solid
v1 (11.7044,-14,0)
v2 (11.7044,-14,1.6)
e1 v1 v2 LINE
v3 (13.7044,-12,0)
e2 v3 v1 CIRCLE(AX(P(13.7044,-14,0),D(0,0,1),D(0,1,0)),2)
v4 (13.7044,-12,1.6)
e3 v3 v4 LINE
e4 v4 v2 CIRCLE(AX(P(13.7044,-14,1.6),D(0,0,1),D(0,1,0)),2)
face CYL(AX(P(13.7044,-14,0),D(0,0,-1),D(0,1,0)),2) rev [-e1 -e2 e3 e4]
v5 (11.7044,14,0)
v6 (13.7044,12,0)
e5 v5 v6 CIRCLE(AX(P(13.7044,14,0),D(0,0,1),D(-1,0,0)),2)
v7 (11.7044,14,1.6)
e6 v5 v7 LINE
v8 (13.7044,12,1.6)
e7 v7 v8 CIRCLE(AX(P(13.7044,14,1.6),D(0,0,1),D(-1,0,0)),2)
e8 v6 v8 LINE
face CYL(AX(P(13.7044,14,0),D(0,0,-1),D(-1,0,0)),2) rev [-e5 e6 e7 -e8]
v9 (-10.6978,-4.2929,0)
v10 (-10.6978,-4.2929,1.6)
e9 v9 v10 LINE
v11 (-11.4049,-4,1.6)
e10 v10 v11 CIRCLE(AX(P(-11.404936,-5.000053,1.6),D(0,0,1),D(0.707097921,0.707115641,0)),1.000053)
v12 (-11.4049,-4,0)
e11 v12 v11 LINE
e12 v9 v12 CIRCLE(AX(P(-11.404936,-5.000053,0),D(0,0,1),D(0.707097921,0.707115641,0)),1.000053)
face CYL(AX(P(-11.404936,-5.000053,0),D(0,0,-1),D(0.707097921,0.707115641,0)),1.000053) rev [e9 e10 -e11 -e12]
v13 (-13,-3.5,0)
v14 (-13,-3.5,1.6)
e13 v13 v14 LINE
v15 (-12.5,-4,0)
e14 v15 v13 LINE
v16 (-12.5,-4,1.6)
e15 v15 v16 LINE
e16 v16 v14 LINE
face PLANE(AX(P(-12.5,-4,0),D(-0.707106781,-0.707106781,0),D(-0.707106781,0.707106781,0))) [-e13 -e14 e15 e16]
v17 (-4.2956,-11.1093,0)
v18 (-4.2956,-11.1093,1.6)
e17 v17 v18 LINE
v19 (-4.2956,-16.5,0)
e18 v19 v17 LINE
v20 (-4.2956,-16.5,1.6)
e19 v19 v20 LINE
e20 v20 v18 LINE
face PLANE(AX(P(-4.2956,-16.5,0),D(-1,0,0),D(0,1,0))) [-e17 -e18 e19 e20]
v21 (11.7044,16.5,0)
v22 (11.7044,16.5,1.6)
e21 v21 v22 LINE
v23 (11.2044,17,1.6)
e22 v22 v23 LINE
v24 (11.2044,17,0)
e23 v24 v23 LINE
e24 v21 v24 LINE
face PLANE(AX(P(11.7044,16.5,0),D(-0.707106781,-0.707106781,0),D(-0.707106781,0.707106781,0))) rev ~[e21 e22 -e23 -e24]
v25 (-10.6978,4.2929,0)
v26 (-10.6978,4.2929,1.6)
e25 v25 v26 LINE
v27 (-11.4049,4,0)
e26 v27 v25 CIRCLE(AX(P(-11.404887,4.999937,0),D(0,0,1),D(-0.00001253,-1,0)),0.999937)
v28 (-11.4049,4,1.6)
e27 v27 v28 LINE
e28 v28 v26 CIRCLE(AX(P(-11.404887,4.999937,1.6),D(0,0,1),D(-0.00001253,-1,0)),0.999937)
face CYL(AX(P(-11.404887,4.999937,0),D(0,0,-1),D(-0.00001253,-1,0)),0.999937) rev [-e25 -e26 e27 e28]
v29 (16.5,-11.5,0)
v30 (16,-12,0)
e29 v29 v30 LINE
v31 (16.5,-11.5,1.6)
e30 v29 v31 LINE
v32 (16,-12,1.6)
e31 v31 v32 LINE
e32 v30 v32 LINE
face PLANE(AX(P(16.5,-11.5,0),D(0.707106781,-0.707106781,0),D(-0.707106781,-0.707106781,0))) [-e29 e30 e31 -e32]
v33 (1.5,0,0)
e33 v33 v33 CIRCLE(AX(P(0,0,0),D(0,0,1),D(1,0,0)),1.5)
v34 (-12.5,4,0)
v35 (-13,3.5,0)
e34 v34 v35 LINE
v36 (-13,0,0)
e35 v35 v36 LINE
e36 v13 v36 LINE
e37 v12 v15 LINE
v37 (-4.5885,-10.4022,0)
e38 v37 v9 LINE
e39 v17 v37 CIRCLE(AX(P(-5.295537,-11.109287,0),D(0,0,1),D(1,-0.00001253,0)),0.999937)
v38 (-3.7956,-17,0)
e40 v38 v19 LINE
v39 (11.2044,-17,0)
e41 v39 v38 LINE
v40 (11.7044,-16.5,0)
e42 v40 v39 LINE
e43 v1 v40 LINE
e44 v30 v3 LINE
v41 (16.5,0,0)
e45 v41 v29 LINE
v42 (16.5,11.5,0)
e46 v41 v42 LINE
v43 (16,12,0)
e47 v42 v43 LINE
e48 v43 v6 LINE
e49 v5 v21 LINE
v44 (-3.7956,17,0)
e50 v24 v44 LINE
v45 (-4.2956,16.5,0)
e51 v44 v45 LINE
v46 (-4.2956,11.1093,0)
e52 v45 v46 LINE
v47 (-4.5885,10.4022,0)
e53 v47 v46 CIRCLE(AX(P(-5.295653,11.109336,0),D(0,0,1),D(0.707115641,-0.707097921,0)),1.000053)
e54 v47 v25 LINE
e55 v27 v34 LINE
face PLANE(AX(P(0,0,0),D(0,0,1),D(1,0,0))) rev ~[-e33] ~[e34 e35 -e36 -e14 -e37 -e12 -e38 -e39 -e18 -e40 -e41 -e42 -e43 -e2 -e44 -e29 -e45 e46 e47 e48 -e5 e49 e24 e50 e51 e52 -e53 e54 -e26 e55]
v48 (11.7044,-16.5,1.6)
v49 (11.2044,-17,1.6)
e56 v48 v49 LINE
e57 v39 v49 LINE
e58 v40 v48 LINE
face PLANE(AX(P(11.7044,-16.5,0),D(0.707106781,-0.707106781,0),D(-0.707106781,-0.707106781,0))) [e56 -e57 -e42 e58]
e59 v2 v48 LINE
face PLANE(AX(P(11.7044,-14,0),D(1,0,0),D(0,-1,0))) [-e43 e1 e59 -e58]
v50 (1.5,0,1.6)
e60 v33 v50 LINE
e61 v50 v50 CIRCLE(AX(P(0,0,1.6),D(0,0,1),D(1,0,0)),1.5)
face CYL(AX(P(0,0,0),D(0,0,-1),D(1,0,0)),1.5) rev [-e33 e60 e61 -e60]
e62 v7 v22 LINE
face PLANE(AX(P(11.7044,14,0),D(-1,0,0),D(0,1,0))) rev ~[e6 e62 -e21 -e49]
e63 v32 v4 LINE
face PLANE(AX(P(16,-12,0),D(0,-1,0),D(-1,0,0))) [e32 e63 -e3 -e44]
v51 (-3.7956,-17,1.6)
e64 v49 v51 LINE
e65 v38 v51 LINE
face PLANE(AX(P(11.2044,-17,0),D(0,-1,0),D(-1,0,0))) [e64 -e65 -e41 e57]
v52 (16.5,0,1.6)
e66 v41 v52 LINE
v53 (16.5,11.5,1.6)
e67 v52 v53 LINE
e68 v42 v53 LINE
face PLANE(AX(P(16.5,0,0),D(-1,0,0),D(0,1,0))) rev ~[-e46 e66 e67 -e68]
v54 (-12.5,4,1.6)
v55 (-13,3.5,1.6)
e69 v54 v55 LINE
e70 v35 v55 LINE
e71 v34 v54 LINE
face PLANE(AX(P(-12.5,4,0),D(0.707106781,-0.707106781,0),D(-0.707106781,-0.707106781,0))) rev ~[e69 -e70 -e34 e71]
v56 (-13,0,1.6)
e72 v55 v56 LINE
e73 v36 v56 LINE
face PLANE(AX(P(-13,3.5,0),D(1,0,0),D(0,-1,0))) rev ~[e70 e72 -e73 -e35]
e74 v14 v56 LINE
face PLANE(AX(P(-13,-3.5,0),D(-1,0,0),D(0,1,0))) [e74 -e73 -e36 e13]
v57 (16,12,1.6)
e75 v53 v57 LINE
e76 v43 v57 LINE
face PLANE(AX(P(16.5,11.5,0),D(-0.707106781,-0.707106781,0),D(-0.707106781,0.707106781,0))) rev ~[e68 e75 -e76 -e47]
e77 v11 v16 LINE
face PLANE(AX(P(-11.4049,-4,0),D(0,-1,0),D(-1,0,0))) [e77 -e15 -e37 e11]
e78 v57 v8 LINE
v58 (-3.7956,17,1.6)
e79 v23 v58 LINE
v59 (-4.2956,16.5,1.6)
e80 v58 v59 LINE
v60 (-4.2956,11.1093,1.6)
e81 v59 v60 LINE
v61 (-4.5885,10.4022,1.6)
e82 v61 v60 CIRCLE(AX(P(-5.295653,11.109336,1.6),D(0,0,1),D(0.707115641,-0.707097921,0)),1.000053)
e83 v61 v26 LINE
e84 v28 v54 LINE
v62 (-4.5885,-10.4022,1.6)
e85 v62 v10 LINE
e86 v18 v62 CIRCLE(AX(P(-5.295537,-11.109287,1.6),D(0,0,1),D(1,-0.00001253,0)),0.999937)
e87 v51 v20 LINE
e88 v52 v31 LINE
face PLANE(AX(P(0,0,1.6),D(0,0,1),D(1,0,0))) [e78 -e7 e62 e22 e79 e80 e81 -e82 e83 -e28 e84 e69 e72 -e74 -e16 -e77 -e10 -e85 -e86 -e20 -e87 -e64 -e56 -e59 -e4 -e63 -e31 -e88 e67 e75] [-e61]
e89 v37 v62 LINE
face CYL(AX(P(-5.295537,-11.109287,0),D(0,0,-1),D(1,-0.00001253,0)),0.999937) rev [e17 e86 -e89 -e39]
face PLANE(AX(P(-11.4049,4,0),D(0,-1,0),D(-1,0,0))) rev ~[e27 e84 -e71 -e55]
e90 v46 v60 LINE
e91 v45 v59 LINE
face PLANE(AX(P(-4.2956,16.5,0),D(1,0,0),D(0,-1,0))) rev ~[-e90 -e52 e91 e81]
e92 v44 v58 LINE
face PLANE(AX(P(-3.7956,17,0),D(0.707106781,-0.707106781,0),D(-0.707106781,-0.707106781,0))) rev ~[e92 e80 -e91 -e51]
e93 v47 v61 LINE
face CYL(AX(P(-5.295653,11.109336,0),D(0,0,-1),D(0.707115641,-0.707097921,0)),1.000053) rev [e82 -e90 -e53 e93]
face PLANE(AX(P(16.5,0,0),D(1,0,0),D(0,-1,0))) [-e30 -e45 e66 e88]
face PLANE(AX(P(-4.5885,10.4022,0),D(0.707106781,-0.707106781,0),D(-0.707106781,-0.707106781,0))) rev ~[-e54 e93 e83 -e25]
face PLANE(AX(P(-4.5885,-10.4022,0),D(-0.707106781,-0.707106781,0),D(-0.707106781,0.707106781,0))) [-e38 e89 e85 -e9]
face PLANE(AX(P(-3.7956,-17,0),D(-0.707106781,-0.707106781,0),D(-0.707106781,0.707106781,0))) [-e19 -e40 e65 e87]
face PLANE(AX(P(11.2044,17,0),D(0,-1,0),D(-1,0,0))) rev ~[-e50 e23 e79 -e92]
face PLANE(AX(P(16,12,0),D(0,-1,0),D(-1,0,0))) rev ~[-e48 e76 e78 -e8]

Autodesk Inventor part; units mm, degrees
ref_plane "YZ Plane" through (0, 0, 0) normal (1, 0, 0) x (0, 1, 0)
ref_plane "XZ Plane" through (0, 0, 0) normal (0, 1, 0) x (-1, 0, 0)
ref_plane "XY Plane" through (0, 0, 0) normal (0, 0, 1) x (1, 0, 0)
sketch "スケッチ1" plane through (0, 0, 0) normal (0, 0, 1) x (1, 0, 0)
  line L0 (16.5, 0) -> (16.5, 11.5)
  line L1 (11.2044, 17) -> (-3.7956, 17)
  line L2 (-3.7956, 17) -> (-4.2956, 16.5)
  line L3 (-4.2956, 16.5) -> (-4.2956, 11.1093)
  arc A0 (-4.5885, 10.4022) -> (-4.2956, 11.1093) centre (-5.2956, 11.1093) ccw
  line L4 (-4.5885, 10.4022) -> (-10.6978, 4.2929)
  arc A1 (-11.4049, 4) -> (-10.6978, 4.2929) centre (-11.4049, 5) ccw
  line L5 (-11.4049, 4) -> (-12.5, 4)
  line L6 (-12.5, 4) -> (-13, 3.5)
  line L7 (-13, 3.5) -> (-13, 0)
  circle A2 centre (0, 0) radius 1.5
  line L8 (16, 12) -> (13.7044, 12)
  line L9 (11.7044, 14) -> (11.7044, 16.5)
  line L10 (16.5, 11.5) -> (16, 12)
  line L11 (11.7044, 16.5) -> (11.2044, 17)
  line L12 (0, 0) -> (16.5, 0) construction
  arc A3 (11.7044, 14) -> (13.7044, 12) centre (13.7044, 14) ccw
  line L13 (11.7044, 17) -> (11.7044, 18.5) construction
  line L14 (0, 0) -> (-13, 0) construction
  line L15 (-13, -2) -> (-13, 2) construction
  line L16 (-10.6978, 4.2929) -> (-5.2974, 9.6932) construction
  line L17 (-4.2956, 17) -> (-4.2956, 11.1093) construction
  line L18 (16.5, 0) -> (16.5, -11.5)
  line L19 (11.2044, -17) -> (-3.7956, -17)
  line L20 (-3.7956, -17) -> (-4.2956, -16.5)
  line L21 (-4.2956, -16.5) -> (-4.2956, -11.1093)
  arc A4 (-4.2956, -11.1093) -> (-4.5885, -10.4022) centre (-5.2956, -11.1093) ccw
  line L22 (-4.5885, -10.4022) -> (-10.6978, -4.2929)
  arc A5 (-10.6978, -4.2929) -> (-11.4049, -4) centre (-11.4049, -5) ccw
  line L23 (-11.4049, -4) -> (-12.5, -4)
  line L24 (-12.5, -4) -> (-13, -3.5)
  line L25 (-13, -3.5) -> (-13, 0)
  line L26 (16, -12) -> (13.7044, -12)
  line L27 (11.7044, -14) -> (11.7044, -16.5)
  line L28 (16.5, -11.5) -> (16, -12)
  line L29 (11.7044, -16.5) -> (11.2044, -17)
  arc A6 (13.7044, -12) -> (11.7044, -14) centre (13.7044, -14) ccw
  dimension "d5" = 0.5
  dimension "d6" = 0.5
  dimension "d7" = 16.5
  dimension "d8" = 2
  dimension "d9" = 12
  dimension "d10" = 17
  dimension "d11" = 0.5
  dimension "d12" = 0.5
  dimension "d14" = 0.5
  dimension "d15" = 0.5
  dimension "d16" = 4
  dimension "d18" = 0.5
  dimension "d19" = 0.5
  dimension "d20" = 1
  dimension "d21" = 3
extrude "押し出し1" add sketch "スケッチ1" along normal blind 1.6
properties part number "21_017_FORCE_SENSOR_PCB_R1"
